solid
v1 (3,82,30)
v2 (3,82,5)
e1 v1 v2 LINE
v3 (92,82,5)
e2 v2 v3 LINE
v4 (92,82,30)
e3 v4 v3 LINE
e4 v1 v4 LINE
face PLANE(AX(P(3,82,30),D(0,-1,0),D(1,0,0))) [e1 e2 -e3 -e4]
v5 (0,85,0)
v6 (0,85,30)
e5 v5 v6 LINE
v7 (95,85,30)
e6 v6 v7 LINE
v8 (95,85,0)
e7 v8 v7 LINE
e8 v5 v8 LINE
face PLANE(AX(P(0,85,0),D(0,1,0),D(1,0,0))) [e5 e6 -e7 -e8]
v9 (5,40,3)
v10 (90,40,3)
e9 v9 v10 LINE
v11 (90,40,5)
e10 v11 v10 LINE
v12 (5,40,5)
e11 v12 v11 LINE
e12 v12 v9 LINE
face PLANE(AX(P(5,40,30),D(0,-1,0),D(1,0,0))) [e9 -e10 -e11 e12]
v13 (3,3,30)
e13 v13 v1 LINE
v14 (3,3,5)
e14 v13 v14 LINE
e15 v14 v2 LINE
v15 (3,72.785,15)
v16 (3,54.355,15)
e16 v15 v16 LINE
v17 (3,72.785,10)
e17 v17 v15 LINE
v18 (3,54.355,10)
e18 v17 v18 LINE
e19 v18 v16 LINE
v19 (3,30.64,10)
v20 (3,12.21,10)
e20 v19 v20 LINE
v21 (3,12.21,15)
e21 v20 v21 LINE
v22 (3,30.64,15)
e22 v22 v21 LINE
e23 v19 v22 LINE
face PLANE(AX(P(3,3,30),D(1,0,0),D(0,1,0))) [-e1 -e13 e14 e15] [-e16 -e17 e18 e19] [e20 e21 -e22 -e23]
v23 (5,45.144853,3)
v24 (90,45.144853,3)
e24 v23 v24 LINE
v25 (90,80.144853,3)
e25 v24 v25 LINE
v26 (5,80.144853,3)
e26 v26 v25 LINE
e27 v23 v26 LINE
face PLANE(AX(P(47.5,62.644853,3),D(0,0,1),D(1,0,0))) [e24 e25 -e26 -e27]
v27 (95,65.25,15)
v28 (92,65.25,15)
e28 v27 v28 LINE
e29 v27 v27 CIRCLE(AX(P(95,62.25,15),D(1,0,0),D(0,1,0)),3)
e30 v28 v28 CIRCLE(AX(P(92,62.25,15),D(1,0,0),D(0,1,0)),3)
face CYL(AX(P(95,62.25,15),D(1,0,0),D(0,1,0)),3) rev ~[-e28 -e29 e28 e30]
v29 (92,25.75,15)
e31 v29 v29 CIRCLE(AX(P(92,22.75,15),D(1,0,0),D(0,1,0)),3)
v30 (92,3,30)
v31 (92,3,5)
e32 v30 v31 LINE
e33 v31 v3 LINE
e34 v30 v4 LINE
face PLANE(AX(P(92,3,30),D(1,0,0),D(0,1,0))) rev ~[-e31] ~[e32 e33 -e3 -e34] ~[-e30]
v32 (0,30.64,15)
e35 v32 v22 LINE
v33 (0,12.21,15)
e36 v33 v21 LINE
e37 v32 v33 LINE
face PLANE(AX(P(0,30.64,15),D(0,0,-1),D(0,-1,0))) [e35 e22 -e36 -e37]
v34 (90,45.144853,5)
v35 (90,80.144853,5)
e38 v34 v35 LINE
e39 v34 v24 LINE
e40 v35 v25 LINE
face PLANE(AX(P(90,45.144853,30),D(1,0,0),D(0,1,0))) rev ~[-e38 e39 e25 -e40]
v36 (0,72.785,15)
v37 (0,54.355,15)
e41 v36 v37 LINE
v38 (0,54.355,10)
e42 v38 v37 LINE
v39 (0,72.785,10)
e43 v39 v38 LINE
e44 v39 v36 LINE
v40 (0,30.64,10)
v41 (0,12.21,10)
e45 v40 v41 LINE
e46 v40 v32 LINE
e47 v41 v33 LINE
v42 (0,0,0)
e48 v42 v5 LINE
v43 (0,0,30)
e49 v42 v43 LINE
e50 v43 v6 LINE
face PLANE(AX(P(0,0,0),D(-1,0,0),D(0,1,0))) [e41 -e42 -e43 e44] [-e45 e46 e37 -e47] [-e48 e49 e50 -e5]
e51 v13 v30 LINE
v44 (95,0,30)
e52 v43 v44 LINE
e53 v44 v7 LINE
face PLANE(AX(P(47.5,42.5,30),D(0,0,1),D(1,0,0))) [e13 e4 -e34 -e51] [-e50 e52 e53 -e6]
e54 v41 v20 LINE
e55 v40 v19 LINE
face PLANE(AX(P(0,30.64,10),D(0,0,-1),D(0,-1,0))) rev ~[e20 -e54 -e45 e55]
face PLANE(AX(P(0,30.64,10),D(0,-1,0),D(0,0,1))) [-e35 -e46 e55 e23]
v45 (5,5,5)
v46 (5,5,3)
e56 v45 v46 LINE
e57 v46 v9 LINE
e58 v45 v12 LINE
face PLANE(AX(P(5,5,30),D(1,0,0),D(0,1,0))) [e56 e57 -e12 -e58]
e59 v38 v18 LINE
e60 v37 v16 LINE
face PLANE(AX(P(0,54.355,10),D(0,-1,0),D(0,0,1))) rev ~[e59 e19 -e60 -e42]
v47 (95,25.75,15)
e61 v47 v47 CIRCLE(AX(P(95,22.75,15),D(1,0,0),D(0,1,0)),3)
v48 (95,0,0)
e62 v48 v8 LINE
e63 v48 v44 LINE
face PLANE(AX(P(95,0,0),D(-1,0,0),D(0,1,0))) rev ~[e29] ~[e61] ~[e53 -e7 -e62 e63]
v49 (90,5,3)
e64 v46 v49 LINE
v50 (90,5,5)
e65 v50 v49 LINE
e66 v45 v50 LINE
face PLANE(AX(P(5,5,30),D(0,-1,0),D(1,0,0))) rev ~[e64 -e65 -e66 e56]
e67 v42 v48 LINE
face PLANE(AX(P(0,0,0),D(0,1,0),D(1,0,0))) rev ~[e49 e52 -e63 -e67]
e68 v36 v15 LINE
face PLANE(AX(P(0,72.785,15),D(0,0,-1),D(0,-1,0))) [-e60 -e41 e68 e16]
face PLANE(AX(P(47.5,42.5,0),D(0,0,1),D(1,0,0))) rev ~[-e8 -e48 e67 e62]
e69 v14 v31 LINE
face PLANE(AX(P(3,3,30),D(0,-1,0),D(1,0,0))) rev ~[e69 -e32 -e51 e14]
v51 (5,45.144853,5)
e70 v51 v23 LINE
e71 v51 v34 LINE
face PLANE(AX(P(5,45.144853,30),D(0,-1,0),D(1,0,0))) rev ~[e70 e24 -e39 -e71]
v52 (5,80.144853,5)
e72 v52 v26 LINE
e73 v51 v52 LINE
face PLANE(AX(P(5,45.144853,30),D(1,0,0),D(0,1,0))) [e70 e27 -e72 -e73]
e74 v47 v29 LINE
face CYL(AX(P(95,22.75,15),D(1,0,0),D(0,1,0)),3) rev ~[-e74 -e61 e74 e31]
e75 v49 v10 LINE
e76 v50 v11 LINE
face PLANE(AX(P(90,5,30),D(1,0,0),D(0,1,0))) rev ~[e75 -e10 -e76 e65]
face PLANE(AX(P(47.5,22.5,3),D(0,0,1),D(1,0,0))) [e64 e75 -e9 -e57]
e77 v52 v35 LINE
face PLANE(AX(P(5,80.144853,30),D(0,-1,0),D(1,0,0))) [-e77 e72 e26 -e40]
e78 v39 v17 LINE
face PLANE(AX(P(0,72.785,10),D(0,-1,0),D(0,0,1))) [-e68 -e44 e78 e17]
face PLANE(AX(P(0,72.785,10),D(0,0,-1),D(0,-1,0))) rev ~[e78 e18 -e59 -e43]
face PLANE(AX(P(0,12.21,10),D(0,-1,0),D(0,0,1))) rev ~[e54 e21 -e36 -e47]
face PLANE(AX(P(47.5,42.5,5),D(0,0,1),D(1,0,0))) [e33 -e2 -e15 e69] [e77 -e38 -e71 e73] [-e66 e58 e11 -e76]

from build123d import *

# Parameters (mm, degrees)
SKETCH_W        = 95
SKETCH_H        = 85
EXTRUDE_DEPTH   = 30
SKETCH002_W     = 89
SKETCH002_H     = 79
POCKET_DEPTH    = 25
SKETCH001_W     = 85
SKETCH001_H     = 35
POCKET001_DEPTH = 27
SKETCH003_R     = 3
HOLE_DEPTH      = 25
HOLE_TIPS_R     = 3
SKETCH004_W     = 18.43
SKETCH004_H     = 5
POCKET002_DEPTH = 3


with BuildPart() as part:
    # Sketch → Extrude (new body)
    with BuildSketch(Plane.XY):
        with Locations((47.5, 42.5)):
            Rectangle(SKETCH_W, SKETCH_H)
    extrude(amount=EXTRUDE_DEPTH)

    # Sketch002 (on Face6 of BaseFeature) → Pocket (cut)
    with BuildSketch(Plane.XY.offset(30)):
        with Locations((47.5, 42.5)):
            Rectangle(SKETCH002_W, SKETCH002_H)
    extrude(amount=-POCKET_DEPTH, mode=Mode.SUBTRACT)

    # Sketch001 (on Face6 of BaseFeature) → Pocket001 (cut)
    with BuildSketch(Plane.XY.offset(30)):
        with Locations((47.5, 62.644853)):
            Rectangle(SKETCH001_W, SKETCH001_H)
        with Locations((47.5, 22.5)):
            Rectangle(SKETCH001_W, SKETCH001_H)
    extrude(amount=-POCKET001_DEPTH, mode=Mode.SUBTRACT)

    # Sketch003 (on Face3 of Pocket001) → Hole (cut)
    with BuildSketch(Plane.YZ.offset(95)):
        with Locations((22.75, 15)):
            Circle(SKETCH003_R)
        with Locations((62.25, 15)):
            Circle(SKETCH003_R)
    extrude(amount=-HOLE_DEPTH, mode=Mode.SUBTRACT)

    # Hole tips → Hole tip 1 section 0
    with BuildSketch(Plane.YZ.offset(70), mode=Mode.PRIVATE) as hole_tip_1_s0:
        with Locations((22.75, 15)):
            Circle(HOLE_TIPS_R)
    loft([hole_tip_1_s0.sketch, Vertex(68.197418, 22.75, 15)], mode=Mode.SUBTRACT)

    # Hole tips → Hole tip 2 section 0
    with BuildSketch(Plane.YZ.offset(70), mode=Mode.PRIVATE) as hole_tip_2_s0:
        with Locations((62.25, 15)):
            Circle(HOLE_TIPS_R)
    loft([hole_tip_2_s0.sketch, Vertex(68.197418, 62.25, 15)], mode=Mode.SUBTRACT)

    # Sketch004 (on Face2 of Hole) → Pocket002 (cut)
    with BuildSketch(Plane(origin=(0, 0, 0), x_dir=(0, -1, 0), z_dir=(-1, 0, 0))):
        with Locations((-63.57, 12.5)):
            Rectangle(SKETCH004_W, SKETCH004_H)
        with Locations((-21.425, 12.5)):
            Rectangle(SKETCH004_W, SKETCH004_H)
    extrude(amount=-POCKET002_DEPTH, mode=Mode.SUBTRACT)


solid = part.part
